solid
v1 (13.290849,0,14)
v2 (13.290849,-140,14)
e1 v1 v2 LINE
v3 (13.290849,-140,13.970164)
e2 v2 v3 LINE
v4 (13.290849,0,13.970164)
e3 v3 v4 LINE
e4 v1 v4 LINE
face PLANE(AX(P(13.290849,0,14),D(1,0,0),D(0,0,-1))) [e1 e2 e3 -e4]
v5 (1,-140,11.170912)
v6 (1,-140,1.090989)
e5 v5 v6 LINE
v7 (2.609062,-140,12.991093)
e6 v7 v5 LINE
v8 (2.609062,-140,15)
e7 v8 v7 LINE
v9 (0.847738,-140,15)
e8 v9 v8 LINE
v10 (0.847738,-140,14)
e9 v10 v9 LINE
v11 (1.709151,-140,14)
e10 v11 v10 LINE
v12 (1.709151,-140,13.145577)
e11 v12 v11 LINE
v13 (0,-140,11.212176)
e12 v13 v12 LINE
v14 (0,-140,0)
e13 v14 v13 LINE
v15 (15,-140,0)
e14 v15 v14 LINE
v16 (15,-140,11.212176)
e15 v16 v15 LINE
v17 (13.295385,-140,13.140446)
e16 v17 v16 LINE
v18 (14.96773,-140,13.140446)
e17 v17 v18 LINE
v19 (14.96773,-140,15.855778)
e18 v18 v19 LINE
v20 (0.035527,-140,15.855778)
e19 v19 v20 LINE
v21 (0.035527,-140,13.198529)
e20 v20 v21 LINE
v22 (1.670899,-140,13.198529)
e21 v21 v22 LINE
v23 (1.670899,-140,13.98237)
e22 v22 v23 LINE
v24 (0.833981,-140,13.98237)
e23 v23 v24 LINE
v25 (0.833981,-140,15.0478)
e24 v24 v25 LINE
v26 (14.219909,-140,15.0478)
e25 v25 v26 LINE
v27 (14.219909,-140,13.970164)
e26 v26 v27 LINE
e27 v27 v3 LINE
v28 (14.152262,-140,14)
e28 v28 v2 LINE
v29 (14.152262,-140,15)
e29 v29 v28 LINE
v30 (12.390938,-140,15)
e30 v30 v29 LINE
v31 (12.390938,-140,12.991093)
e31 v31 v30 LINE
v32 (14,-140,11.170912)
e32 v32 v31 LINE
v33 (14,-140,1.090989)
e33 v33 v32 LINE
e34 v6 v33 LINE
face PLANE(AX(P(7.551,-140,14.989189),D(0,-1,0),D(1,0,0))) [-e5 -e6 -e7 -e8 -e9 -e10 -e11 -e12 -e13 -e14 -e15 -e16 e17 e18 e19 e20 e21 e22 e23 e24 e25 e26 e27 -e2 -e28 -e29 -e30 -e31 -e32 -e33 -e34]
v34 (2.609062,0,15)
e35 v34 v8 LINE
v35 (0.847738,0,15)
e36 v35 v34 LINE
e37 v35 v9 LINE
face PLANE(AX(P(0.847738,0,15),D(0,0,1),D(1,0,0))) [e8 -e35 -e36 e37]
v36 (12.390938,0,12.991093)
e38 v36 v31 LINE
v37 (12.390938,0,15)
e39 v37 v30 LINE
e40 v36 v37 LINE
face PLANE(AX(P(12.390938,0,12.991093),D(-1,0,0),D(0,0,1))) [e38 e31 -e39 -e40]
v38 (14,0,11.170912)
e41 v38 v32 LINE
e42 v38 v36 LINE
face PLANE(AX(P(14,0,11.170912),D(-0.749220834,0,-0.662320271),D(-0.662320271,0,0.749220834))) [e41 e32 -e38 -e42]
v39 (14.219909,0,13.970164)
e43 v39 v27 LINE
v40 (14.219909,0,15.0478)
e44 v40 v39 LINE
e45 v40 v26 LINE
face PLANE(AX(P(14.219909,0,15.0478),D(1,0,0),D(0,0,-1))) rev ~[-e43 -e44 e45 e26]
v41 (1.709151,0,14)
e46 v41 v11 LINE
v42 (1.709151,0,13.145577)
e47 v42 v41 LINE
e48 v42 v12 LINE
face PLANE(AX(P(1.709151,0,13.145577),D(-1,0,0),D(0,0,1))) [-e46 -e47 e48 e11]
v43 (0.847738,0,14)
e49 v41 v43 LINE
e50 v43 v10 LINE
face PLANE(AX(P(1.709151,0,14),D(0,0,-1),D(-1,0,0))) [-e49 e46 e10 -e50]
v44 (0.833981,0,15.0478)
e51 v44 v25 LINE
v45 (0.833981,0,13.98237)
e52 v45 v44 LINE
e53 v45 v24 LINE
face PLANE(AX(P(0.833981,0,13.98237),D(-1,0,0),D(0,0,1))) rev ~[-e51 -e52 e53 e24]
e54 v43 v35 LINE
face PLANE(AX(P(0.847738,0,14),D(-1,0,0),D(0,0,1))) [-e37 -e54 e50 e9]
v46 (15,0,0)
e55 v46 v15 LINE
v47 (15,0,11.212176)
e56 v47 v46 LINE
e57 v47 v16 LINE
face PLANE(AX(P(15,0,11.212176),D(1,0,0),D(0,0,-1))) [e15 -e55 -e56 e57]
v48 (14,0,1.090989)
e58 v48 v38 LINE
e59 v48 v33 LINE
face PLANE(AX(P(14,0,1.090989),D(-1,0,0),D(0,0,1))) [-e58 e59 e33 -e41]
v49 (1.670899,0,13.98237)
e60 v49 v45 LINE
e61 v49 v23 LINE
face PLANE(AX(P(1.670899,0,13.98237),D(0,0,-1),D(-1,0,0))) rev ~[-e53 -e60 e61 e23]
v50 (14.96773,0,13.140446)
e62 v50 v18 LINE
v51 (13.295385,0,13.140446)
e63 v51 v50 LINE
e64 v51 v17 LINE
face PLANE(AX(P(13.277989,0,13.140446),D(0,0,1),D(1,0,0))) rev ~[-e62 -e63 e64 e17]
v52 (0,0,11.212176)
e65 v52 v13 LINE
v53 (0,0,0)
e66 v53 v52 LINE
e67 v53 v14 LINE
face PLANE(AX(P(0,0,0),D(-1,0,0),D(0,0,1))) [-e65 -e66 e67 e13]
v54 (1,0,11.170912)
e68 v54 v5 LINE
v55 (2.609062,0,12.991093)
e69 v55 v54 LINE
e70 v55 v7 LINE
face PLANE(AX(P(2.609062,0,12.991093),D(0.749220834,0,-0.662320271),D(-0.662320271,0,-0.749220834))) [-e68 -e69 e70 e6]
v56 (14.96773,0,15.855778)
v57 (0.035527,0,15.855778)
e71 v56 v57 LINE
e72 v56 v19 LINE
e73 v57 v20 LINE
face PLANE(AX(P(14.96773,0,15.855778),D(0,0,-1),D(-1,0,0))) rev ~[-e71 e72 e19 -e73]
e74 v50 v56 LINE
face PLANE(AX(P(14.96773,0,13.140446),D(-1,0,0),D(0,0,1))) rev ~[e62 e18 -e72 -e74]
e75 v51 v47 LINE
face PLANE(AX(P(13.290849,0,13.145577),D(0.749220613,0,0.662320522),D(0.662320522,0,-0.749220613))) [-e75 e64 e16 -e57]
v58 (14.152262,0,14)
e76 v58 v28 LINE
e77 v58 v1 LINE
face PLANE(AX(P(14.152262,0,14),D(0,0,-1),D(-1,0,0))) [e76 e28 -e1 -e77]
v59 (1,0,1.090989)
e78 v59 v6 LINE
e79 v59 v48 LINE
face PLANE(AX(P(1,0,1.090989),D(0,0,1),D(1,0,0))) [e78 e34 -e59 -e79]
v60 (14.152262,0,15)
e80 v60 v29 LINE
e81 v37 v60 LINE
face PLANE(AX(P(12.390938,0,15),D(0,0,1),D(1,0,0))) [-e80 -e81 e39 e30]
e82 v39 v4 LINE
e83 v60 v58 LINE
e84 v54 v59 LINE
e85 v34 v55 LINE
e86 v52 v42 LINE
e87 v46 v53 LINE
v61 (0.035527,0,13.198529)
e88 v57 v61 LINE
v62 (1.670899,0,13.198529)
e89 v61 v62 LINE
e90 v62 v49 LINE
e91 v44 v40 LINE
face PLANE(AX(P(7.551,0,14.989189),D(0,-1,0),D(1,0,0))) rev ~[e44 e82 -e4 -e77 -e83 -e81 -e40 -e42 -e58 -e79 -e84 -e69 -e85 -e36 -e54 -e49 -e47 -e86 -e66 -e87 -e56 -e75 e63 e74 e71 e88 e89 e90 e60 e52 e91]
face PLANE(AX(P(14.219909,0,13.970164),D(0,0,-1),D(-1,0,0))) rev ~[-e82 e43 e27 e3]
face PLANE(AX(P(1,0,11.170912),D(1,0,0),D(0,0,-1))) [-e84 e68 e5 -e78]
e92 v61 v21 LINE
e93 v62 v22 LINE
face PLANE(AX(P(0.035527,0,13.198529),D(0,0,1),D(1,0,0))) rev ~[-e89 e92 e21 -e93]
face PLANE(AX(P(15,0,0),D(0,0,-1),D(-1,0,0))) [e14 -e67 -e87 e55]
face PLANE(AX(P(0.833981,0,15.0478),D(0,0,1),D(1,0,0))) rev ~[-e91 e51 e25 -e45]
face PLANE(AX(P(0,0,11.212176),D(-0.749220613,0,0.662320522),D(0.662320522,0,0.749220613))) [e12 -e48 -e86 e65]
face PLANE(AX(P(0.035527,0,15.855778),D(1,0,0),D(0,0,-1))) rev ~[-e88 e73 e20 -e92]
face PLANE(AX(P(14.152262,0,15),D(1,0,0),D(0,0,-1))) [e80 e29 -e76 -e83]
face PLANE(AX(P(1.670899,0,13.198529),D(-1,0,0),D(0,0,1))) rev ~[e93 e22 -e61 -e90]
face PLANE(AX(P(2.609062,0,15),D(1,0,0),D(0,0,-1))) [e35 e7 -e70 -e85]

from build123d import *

# Parameters (mm, degrees)
PAD_DEPTH    = 140
PAD001_DEPTH = 140


with BuildPart() as part:
    # Sketch → Pad (new body)
    with BuildSketch(Plane.XZ):
        Polygon((1.709151, 14), (0.847738, 14), (0.847738, 15), (2.609062, 15), (2.609062, 12.991093), (1, 11.170912), (1, 1.090989), (14, 1.090989), (14, 11.170912), (12.390938, 12.991093), (12.390938, 15), (14.152262, 15), (14.152262, 14), (13.290849, 14), (13.290849, 13.145577), (15, 11.212176), (15, 0), (0, 0), (0, 11.212176), (1.709151, 13.145577), align=None)
    extrude(amount=PAD_DEPTH)

    # Sketch001 → Pad001 (join)
    with BuildSketch(Plane.XZ):
        Polygon((1.670899, 13.98237), (0.833981, 13.98237), (0.833981, 15.0478), (14.219909, 15.0478), (14.219909, 13.970164), (13.277989, 13.970164), (13.277989, 13.140446), (14.96773, 13.140446), (14.96773, 15.855778), (0.035527, 15.855778), (0.035527, 13.198529), (1.670899, 13.198529), align=None)
    extrude(amount=PAD001_DEPTH)


solid = part.part
